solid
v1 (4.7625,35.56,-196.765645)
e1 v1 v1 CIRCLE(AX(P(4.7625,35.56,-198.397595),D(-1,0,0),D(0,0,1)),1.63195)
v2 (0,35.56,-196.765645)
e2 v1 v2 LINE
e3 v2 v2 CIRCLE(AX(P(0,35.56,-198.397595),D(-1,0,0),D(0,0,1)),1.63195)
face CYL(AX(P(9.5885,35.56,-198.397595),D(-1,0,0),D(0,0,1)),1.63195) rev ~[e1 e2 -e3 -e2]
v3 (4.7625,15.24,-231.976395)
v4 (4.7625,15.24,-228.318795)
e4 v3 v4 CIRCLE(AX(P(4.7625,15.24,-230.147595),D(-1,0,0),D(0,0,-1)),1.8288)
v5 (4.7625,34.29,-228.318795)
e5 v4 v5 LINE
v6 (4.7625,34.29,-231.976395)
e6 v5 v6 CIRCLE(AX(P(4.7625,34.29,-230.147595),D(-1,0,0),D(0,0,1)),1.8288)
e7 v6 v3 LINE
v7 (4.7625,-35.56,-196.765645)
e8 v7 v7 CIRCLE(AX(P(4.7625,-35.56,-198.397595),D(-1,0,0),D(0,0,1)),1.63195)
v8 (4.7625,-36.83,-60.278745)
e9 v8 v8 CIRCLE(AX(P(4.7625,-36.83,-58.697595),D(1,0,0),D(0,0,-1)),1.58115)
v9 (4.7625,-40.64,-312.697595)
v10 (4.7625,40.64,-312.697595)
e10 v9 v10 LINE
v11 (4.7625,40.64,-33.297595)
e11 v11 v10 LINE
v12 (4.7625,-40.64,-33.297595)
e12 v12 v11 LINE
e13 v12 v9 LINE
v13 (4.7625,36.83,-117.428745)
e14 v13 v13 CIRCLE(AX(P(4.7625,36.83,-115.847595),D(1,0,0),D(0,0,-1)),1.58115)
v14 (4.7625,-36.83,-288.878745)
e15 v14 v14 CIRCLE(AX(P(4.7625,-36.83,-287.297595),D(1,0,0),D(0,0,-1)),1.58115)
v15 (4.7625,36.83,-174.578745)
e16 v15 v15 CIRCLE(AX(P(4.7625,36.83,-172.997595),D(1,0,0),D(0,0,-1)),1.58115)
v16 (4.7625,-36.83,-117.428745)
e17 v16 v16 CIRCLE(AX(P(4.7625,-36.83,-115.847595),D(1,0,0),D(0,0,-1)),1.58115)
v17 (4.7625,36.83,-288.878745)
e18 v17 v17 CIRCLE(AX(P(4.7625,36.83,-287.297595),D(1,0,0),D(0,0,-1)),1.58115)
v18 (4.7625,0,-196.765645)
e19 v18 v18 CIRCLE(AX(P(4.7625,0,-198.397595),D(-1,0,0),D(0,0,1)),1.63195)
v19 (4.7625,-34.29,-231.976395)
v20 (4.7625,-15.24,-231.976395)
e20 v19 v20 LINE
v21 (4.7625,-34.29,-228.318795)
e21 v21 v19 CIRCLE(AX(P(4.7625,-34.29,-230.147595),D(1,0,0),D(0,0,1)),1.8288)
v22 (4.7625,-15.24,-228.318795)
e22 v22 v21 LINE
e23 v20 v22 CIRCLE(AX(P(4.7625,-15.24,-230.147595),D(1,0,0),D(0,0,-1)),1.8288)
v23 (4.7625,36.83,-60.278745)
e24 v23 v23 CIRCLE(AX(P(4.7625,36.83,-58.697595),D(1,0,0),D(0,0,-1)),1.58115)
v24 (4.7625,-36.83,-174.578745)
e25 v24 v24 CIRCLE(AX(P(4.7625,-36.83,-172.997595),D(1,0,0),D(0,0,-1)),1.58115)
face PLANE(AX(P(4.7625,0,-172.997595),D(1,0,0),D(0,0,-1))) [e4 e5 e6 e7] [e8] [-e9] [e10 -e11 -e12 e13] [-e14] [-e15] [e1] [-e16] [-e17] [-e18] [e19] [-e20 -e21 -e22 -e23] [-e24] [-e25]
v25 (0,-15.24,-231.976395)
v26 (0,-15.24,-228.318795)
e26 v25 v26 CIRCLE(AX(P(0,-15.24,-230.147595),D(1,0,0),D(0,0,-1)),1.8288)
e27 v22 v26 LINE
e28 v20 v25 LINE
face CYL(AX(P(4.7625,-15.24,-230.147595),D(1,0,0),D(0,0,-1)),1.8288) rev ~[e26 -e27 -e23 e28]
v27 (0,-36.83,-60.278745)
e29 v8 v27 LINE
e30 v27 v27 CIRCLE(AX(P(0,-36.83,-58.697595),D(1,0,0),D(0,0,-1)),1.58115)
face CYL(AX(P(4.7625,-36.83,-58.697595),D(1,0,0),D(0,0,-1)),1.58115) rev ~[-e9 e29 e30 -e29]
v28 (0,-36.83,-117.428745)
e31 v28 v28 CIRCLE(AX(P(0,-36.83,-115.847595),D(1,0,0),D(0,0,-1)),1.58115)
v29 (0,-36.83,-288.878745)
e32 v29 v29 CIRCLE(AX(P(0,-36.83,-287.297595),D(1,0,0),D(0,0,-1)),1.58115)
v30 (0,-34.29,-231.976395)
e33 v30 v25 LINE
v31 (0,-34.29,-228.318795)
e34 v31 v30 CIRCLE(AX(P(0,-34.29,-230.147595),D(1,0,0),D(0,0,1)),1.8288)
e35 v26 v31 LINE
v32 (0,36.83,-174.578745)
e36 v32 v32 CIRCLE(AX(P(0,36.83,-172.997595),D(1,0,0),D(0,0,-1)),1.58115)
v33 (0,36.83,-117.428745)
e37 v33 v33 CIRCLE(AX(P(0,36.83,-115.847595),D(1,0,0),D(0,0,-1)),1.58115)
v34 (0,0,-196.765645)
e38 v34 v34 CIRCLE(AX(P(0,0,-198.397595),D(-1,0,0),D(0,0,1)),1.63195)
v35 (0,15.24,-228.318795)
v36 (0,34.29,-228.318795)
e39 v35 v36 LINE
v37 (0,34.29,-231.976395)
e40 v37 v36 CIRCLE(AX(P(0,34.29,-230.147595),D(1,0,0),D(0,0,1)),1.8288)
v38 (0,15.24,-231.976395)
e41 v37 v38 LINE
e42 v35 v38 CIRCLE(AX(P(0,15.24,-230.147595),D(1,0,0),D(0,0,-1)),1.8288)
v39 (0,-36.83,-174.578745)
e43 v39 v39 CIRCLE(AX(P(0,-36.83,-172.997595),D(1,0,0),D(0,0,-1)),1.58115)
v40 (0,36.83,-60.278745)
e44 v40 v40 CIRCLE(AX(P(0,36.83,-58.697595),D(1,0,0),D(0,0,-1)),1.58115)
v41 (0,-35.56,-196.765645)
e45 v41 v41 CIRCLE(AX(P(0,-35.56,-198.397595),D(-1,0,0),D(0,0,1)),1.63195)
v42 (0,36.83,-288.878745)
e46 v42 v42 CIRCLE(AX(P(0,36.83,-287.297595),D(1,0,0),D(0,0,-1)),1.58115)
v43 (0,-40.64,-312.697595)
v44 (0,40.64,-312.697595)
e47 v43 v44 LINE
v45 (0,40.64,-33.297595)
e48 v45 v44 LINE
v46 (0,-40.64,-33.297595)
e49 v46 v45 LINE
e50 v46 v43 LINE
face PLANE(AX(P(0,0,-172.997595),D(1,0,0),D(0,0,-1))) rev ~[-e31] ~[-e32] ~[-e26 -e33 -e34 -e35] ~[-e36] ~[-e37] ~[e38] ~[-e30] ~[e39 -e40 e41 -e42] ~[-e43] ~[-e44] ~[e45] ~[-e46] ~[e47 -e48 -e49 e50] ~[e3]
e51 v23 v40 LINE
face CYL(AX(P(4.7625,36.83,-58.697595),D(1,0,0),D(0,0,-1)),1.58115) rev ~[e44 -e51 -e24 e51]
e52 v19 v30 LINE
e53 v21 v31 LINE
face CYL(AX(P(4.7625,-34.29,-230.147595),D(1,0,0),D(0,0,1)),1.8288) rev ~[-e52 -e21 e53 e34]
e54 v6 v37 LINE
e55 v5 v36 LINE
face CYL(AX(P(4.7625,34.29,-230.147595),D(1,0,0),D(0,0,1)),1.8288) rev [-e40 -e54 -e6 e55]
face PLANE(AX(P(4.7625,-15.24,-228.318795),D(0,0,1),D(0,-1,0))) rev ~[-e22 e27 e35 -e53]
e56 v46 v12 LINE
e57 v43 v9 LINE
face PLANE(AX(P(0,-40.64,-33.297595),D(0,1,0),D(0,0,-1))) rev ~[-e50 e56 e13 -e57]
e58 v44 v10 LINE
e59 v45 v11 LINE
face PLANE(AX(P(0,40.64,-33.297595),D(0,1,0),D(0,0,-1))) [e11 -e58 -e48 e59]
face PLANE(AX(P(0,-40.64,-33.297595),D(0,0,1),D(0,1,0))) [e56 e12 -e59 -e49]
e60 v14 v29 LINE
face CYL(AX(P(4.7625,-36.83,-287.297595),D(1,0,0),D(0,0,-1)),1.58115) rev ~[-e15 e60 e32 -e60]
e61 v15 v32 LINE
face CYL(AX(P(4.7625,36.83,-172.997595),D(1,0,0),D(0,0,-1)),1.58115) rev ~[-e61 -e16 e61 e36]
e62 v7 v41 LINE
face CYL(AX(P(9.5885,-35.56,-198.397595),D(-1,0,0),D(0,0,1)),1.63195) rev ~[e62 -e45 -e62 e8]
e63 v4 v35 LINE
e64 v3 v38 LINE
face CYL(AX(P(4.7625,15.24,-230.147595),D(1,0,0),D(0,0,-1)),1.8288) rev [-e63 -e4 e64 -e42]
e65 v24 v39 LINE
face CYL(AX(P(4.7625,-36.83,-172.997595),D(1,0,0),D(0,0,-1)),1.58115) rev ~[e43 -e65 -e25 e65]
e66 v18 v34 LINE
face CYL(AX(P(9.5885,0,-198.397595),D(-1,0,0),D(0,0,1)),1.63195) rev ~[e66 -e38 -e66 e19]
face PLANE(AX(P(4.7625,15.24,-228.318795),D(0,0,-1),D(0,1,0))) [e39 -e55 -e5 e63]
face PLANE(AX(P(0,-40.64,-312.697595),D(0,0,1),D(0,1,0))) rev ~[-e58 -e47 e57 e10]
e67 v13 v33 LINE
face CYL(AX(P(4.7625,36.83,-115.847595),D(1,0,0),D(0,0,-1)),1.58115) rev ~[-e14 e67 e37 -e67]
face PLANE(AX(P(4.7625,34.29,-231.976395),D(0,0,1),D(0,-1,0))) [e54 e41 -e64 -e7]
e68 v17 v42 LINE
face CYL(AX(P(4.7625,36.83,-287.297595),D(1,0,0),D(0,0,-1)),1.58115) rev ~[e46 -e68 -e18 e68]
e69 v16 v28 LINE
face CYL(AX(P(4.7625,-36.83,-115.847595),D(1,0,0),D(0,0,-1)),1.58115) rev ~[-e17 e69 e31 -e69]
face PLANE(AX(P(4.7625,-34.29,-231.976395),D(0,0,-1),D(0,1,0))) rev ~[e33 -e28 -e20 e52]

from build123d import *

# Parameters (mm, degrees)
SKETCH1_W                     = 279.4
SKETCH1_H                     = 81.28
BOSS_EXTRUDE1_DEPTH           = 4.7625
SKETCH2_R                     = 4.7625
GEARBOX_WITH_PRESS_FITS_DEPTH = 316.363404917
SKETCH3_R                     = 1.58115
CUT_EXTRUDE1_DEPTH            = 316.363404917
F_4_CLEARANCE_HOLE1_D         = 3.2639
F_4_CLEARANCE_HOLE1_DEPTH     = 4.826
F_4_CLEARANCE_HOLE1_TIP       = 0.980574487


with BuildPart() as part:
    # Sketch1 → Boss-Extrude1 (new body)
    with BuildSketch(Plane(origin=(0, 0, 0), x_dir=(0, 0, -1), z_dir=(1, 0, 0))):
        with Locations((172.997595377, 0)):
            Rectangle(SKETCH1_W, SKETCH1_H)
    extrude(amount=BOSS_EXTRUDE1_DEPTH)

    # Sketch2 → Gearbox (with Press fits) (cut, through all)
    with BuildSketch(Plane(origin=(4.7625, 0, 0), x_dir=(0, 0, -1), z_dir=(1, 0, 0))):
        with Locations((331.004197306, 10)):
            Circle(SKETCH2_R)
    extrude(amount=-GEARBOX_WITH_PRESS_FITS_DEPTH, mode=Mode.SUBTRACT)

    # Sketch3 → Cut-Extrude1 (cut, through all)
    with BuildSketch(Plane(origin=(4.7625, 0, 0), x_dir=(0, 0, -1), z_dir=(1, 0, 0))):
        with Locations((287.297595377, 36.83)):
            Circle(SKETCH3_R)
        with Locations((172.997595377, 36.83)):
            Circle(SKETCH3_R)
        with Locations((115.847595377, 36.83)):
            Circle(SKETCH3_R)
        with Locations((58.697595377, 36.83)):
            Circle(SKETCH3_R)
        with Locations((58.697595377, -36.83)):
            Circle(SKETCH3_R)
        with Locations((115.847595377, -36.83)):
            Circle(SKETCH3_R)
        with Locations((172.997595377, -36.83)):
            Circle(SKETCH3_R)
        with Locations((287.297595377, -36.83)):
            Circle(SKETCH3_R)
        with BuildLine():
            Line((231.976395377, 34.29), (231.976395377, 15.24))
            ThreePointArc((231.976395377, 15.24), (230.147595377, 13.4112), (228.318795377, 15.24))
            Line((228.318795377, 15.24), (228.318795377, 34.29))
            ThreePointArc((228.318795377, 34.29), (230.147595377, 36.1188), (231.976395377, 34.29))
        make_face()
        with BuildLine():
            Line((231.976395377, -34.29), (231.976395377, -15.24))
            ThreePointArc((231.976395377, -15.24), (230.147595377, -13.4112), (228.318795377, -15.24))
            Line((228.318795377, -15.24), (228.318795377, -34.29))
            ThreePointArc((228.318795377, -34.29), (230.147595377, -36.1188), (231.976395377, -34.29))
        make_face()
    extrude(amount=-CUT_EXTRUDE1_DEPTH, mode=Mode.SUBTRACT)

    # #4 Clearance Hole1
    with Locations(Plane(origin=(4.7625, 0, 0), x_dir=(0, 0, -1), z_dir=(1, 0, 0))):
        with Locations((198.397595377, 35.56), (198.397595377, -35.56), (198.397595377, 0)):
            Hole(F_4_CLEARANCE_HOLE1_D / 2, depth=F_4_CLEARANCE_HOLE1_DEPTH)
            with Locations((0, 0, -(F_4_CLEARANCE_HOLE1_DEPTH + F_4_CLEARANCE_HOLE1_TIP / 2))):  # 118° drill point
                Cone(0, F_4_CLEARANCE_HOLE1_D / 2, F_4_CLEARANCE_HOLE1_TIP, mode=Mode.SUBTRACT)


solid = part.part
